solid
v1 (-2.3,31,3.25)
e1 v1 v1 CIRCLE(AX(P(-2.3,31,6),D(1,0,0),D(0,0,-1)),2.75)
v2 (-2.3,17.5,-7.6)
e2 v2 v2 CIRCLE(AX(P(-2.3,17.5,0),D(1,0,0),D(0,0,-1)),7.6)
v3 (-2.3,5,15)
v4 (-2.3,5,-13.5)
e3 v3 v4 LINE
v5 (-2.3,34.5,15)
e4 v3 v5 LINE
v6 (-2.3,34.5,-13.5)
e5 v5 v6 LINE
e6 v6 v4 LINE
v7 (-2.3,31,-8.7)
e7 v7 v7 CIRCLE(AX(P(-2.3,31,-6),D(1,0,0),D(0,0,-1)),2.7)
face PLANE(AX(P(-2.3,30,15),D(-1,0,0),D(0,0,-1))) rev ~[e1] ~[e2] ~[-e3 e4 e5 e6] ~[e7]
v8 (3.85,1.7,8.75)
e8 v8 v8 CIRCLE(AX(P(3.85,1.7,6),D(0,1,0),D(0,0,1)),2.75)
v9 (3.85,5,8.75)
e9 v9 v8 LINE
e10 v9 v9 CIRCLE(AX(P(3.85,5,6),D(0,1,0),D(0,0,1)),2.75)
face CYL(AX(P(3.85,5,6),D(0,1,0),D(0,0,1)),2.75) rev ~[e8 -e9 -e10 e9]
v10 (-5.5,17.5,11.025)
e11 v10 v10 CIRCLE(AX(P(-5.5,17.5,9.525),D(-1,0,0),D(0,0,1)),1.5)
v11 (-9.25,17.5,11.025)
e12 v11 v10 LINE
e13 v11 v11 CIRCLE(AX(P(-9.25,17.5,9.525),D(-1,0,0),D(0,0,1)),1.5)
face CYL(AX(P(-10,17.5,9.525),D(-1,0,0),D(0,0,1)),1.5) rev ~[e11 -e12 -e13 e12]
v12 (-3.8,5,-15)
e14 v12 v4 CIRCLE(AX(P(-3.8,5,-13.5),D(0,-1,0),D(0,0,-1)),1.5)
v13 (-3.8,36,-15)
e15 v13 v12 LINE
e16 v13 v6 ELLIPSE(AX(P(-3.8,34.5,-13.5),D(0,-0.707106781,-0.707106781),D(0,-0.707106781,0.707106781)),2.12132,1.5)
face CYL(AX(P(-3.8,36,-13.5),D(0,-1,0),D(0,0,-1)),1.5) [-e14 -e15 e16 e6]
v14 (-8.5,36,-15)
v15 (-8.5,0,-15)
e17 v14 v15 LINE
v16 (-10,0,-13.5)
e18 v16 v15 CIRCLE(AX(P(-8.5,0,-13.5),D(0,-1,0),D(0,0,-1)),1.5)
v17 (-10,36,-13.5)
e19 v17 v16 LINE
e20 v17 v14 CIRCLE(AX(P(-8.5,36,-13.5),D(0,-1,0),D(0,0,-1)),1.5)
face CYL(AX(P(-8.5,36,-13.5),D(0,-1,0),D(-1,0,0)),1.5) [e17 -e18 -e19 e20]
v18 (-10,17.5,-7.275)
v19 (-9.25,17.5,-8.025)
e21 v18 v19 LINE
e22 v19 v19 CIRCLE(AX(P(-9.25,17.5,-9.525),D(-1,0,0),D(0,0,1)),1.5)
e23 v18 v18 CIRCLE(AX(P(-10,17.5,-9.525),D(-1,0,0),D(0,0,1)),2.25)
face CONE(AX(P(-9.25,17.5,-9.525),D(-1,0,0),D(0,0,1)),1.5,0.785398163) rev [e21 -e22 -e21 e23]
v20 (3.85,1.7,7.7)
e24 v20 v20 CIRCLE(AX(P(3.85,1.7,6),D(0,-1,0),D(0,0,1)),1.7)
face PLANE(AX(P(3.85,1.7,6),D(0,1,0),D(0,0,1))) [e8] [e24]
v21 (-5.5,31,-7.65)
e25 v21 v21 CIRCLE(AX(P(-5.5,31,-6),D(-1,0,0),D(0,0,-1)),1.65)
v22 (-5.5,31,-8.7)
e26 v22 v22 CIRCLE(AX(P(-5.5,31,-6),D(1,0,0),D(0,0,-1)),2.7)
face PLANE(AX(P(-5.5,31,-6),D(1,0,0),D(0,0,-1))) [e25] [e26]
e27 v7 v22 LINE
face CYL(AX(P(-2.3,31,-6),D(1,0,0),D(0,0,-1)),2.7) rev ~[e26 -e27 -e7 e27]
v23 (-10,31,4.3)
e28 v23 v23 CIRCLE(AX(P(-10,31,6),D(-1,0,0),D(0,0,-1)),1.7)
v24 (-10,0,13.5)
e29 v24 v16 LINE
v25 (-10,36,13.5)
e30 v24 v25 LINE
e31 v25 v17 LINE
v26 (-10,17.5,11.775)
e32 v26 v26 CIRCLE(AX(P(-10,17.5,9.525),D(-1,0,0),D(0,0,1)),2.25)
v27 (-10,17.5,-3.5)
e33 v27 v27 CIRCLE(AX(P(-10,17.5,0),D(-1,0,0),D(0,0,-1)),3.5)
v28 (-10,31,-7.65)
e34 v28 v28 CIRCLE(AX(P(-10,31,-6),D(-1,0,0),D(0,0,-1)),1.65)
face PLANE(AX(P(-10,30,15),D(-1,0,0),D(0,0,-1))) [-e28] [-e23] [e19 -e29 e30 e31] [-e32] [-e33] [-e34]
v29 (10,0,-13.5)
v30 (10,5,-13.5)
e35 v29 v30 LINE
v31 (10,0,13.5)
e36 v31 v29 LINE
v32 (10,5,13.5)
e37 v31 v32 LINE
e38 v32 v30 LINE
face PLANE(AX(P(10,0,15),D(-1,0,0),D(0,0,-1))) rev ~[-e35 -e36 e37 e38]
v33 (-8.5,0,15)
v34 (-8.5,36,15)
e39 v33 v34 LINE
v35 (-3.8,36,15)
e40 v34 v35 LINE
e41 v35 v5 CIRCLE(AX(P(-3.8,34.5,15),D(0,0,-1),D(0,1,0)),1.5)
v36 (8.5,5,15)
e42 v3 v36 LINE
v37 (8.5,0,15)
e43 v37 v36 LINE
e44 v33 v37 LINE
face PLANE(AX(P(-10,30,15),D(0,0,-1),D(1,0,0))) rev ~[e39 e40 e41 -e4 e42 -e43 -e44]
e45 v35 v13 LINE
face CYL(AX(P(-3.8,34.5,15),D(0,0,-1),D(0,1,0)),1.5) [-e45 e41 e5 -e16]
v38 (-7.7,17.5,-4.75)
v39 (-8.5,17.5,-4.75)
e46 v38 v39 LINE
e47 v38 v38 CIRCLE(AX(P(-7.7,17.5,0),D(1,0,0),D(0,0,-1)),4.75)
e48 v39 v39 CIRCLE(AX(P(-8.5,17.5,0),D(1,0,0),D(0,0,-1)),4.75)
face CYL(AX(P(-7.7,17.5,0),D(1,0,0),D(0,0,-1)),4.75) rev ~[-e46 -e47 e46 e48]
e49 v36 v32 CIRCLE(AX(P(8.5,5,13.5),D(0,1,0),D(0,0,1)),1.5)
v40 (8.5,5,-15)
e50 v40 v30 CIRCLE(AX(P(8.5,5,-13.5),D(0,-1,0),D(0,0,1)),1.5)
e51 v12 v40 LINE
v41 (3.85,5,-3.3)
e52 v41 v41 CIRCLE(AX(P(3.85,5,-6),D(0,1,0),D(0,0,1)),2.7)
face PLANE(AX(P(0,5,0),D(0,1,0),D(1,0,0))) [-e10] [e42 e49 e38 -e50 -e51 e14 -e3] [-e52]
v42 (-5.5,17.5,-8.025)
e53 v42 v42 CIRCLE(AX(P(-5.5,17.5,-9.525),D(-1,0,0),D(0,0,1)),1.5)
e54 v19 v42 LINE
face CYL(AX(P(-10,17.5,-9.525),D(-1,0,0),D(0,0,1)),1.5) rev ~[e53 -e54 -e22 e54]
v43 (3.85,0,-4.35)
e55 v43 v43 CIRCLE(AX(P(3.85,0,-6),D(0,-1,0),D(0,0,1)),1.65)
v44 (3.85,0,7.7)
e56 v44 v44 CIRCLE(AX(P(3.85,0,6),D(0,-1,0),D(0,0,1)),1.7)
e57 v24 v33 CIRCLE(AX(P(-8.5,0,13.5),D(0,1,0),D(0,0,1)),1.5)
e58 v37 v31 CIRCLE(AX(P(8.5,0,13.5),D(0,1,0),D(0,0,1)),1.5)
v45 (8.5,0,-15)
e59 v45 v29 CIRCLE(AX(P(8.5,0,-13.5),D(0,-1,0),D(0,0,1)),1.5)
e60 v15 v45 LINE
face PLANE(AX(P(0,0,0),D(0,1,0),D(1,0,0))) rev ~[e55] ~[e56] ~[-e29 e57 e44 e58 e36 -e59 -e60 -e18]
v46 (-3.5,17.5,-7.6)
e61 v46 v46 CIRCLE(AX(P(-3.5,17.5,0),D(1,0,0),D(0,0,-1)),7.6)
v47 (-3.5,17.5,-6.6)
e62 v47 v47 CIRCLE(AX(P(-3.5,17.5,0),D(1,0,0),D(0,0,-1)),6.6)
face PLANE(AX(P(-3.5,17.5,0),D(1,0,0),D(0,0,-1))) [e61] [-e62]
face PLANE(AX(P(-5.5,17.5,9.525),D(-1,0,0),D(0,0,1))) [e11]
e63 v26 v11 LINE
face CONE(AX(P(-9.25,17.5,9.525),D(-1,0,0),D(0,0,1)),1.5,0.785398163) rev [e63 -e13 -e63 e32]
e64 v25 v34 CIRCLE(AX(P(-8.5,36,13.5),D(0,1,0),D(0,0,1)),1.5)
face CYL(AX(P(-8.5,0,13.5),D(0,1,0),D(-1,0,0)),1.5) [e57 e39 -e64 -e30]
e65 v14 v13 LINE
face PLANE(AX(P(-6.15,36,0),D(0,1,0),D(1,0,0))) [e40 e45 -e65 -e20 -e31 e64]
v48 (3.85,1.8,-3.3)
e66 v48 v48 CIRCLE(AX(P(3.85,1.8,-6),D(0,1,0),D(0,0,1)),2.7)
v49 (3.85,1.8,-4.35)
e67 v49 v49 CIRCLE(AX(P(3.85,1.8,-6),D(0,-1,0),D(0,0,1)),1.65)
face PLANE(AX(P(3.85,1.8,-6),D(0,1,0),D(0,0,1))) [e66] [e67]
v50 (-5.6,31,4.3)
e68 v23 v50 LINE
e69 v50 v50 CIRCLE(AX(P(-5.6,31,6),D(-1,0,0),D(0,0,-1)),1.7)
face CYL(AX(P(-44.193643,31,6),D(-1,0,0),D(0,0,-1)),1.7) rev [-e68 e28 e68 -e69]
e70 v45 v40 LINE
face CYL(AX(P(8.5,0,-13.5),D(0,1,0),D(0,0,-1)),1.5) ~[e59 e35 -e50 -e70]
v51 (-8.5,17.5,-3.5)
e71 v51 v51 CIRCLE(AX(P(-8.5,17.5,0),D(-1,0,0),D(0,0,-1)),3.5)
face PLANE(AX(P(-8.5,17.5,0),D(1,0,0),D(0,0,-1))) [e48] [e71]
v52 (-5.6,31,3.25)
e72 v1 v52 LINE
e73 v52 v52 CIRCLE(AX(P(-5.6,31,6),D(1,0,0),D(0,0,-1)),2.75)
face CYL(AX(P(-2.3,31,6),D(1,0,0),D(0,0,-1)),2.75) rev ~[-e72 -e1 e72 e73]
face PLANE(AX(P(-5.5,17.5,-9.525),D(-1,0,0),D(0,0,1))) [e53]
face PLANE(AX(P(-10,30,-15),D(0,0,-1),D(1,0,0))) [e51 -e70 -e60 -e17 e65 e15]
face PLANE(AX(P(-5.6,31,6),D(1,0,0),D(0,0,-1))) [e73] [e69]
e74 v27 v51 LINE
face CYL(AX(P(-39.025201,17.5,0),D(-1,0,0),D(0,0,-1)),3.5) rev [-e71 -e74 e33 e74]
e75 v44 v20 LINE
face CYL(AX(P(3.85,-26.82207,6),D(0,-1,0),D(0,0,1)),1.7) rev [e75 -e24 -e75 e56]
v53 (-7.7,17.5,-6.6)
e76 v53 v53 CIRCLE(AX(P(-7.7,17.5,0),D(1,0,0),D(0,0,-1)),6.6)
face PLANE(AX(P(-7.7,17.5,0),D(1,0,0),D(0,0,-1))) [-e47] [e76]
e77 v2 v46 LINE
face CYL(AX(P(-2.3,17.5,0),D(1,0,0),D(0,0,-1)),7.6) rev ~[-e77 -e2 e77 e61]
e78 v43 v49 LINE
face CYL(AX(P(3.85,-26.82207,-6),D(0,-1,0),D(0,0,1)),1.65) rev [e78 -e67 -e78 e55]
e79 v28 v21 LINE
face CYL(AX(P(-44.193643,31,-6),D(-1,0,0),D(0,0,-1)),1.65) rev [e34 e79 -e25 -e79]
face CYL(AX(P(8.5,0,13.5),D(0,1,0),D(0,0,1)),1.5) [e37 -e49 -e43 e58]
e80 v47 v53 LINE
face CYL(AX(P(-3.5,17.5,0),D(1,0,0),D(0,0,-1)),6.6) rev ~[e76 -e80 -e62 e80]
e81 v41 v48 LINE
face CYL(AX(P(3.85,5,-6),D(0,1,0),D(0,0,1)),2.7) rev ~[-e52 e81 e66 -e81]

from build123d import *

# Parameters (mm, degrees)
SKETCH1_W               = 20
SKETCH1_H               = 30
BOSS_EXTRUDE1_DEPTH     = 5
SKETCH2_W               = 7.7
SKETCH2_H               = 30
BOSS_EXTRUDE2_DEPTH     = 25
CUT_EXTRUDE1_DEPTH      = 36.725201189
CUT_EXTRUDE1_DEPTH_BACK = 36.725201189
SKETCH3_R               = 3.5
SKETCH4_R               = 7.6
CUT_EXTRUDE2_DEPTH      = 1.2
SKETCH5_R               = 6.6
CUT_EXTRUDE3_DEPTH      = 4.2
SKETCH6_R               = 4.75
CUT_EXTRUDE4_DEPTH      = 0.8
CUT_EXTRUDE5_DEPTH      = 31.822070015
CUT_EXTRUDE5_DEPTH_BACK = 31.822070015
SKETCH7_R               = 1.65
SKETCH7_R_2             = 1.7
SKETCH8_R               = 2.7
CUT_EXTRUDE6_DEPTH      = 3.2
SKETCH9_R               = 2.75
CUT_EXTRUDE7_DEPTH      = 3.3
SKETCH10_W              = 7.7
SKETCH10_H              = 30
BOSS_EXTRUDE3_DEPTH     = 6
CUT_EXTRUDE8_DEPTH      = 41.893642538
CUT_EXTRUDE8_DEPTH_BACK = 41.893642538
SKETCH11_R              = 1.7
SKETCH11_R_2            = 1.65
SKETCH12_R              = 2.7
CUT_EXTRUDE9_DEPTH      = 3.2
SKETCH13_R              = 2.75
CUT_EXTRUDE10_DEPTH     = 3.3
SKETCH14_R              = 1.5
CUT_EXTRUDE11_DEPTH     = 4.5
CHAMFER1_SIZE           = 0.75
FILLET1_R               = 1.5


with BuildPart() as part:
    # Sketch1 → Boss-Extrude1 (new body)
    with BuildSketch(Plane(origin=(0, 0, 0), x_dir=(1, 0, 0), z_dir=(0, 1, 0))):
        Rectangle(SKETCH1_W, SKETCH1_H)
    extrude(amount=BOSS_EXTRUDE1_DEPTH)

    # Sketch2 → Boss-Extrude2 (add)
    with BuildSketch(Plane(origin=(0, 5, 0), x_dir=(1, 0, 0), z_dir=(0, 1, 0))):
        with Locations((-6.15, 0)):
            Rectangle(SKETCH2_W, SKETCH2_H)
    extrude(amount=BOSS_EXTRUDE2_DEPTH)

    # Sketch3 → Cut-Extrude1 (cut, two sides: drawn at the far end of the back side and taken through both)
    with BuildSketch(Plane(origin=(-2.3, 0, 0), x_dir=(0, 0, -1), z_dir=(1, 0, 0)).offset(-CUT_EXTRUDE1_DEPTH_BACK)):
        with Locations((0, 17.5)):
            Circle(SKETCH3_R)
    extrude(amount=CUT_EXTRUDE1_DEPTH + CUT_EXTRUDE1_DEPTH_BACK, mode=Mode.SUBTRACT)

    # Sketch4 → Cut-Extrude2 (cut)
    with BuildSketch(Plane(origin=(-2.3, 0, 0), x_dir=(0, 0, -1), z_dir=(1, 0, 0))):
        with Locations((0, 17.5)):
            Circle(SKETCH4_R)
    extrude(amount=-CUT_EXTRUDE2_DEPTH, mode=Mode.SUBTRACT)

    # Sketch5 → Cut-Extrude3 (cut)
    with BuildSketch(Plane(origin=(-3.5, 0, 0), x_dir=(0, 0, -1), z_dir=(1, 0, 0))):
        with Locations((0, 17.5)):
            Circle(SKETCH5_R)
    extrude(amount=-CUT_EXTRUDE3_DEPTH, mode=Mode.SUBTRACT)

    # Sketch6 → Cut-Extrude4 (cut)
    with BuildSketch(Plane(origin=(-7.7, 0, 0), x_dir=(0, 0, -1), z_dir=(1, 0, 0))):
        with Locations((0, 17.5)):
            Circle(SKETCH6_R)
    extrude(amount=-CUT_EXTRUDE4_DEPTH, mode=Mode.SUBTRACT)

    # Sketch7 → Cut-Extrude5 (cut, two sides: drawn at the far end of the back side and taken through both)
    with BuildSketch(Plane(origin=(0, 5, 0), x_dir=(1, 0, 0), z_dir=(0, 1, 0)).offset(-CUT_EXTRUDE5_DEPTH_BACK)):
        with Locations(Location((3.85, 6, 0), (0, 0, 270))):
            Circle(SKETCH7_R)
        with Locations(Location((3.85, -6, 0), (0, 0, 270))):
            Circle(SKETCH7_R_2)
    extrude(amount=CUT_EXTRUDE5_DEPTH + CUT_EXTRUDE5_DEPTH_BACK, mode=Mode.SUBTRACT)

    # Sketch8 → Cut-Extrude6 (cut)
    with BuildSketch(Plane(origin=(0, 5, 0), x_dir=(1, 0, 0), z_dir=(0, 1, 0))):
        with Locations(Location((3.85, 6, 0), (0, 0, 270))):
            Circle(SKETCH8_R)
    extrude(amount=-CUT_EXTRUDE6_DEPTH, mode=Mode.SUBTRACT)

    # Sketch9 → Cut-Extrude7 (cut)
    with BuildSketch(Plane(origin=(0, 5, 0), x_dir=(1, 0, 0), z_dir=(0, 1, 0))):
        with Locations(Location((3.85, -6, 0), (0, 0, 270))):
            Circle(SKETCH9_R)
    extrude(amount=-CUT_EXTRUDE7_DEPTH, mode=Mode.SUBTRACT)

    # Sketch10 → Boss-Extrude3 (add)
    with BuildSketch(Plane(origin=(0, 30, 0), x_dir=(1, 0, 0), z_dir=(0, 1, 0))):
        with Locations((-6.15, 0)):
            Rectangle(SKETCH10_W, SKETCH10_H)
    extrude(amount=BOSS_EXTRUDE3_DEPTH)

    # Sketch11 → Cut-Extrude8 (cut, two sides: drawn at the far end of the back side and taken through both)
    with BuildSketch(Plane(origin=(-2.3, 0, 0), x_dir=(0, 0, -1), z_dir=(1, 0, 0)).offset(-CUT_EXTRUDE8_DEPTH_BACK)):
        with Locations((-6, 31)):
            Circle(SKETCH11_R)
        with Locations((6, 31)):
            Circle(SKETCH11_R_2)
    extrude(amount=CUT_EXTRUDE8_DEPTH + CUT_EXTRUDE8_DEPTH_BACK, mode=Mode.SUBTRACT)

    # Sketch12 → Cut-Extrude9 (cut)
    with BuildSketch(Plane(origin=(-2.3, 0, 0), x_dir=(0, 0, -1), z_dir=(1, 0, 0))):
        with Locations((6, 31)):
            Circle(SKETCH12_R)
    extrude(amount=-CUT_EXTRUDE9_DEPTH, mode=Mode.SUBTRACT)

    # Sketch13 → Cut-Extrude10 (cut)
    with BuildSketch(Plane(origin=(-2.3, 0, 0), x_dir=(0, 0, -1), z_dir=(1, 0, 0))):
        with Locations((-6, 31)):
            Circle(SKETCH13_R)
    extrude(amount=-CUT_EXTRUDE10_DEPTH, mode=Mode.SUBTRACT)

    # Sketch14 → Cut-Extrude11 (cut)
    with BuildSketch(Plane.ZY.offset(10)):
        with Locations((-9.525, 17.5)):
            Circle(SKETCH14_R)
        with Locations((9.525, 17.5)):
            Circle(SKETCH14_R)
    extrude(amount=-CUT_EXTRUDE11_DEPTH, mode=Mode.SUBTRACT)

    # Chamfer1
    chamfer1_edges = [part.edges().sort_by_distance(p)[0] for p in [
        (-10, 17.5, -11.025),
        (-10, 17.5, 8.025),
    ]]
    chamfer(chamfer1_edges, length=CHAMFER1_SIZE)

    # Fillet1
    fillet1_edges = [part.edges().sort_by_distance(p)[0] for p in [
        (-2.3, 20.5, -15),
        (10, 2.5, 15),
        (-10, 18, 15),
        (-10, 18, -15),
        (-2.3, 36, 0),
        (10, 2.5, -15),
    ]]
    fillet(fillet1_edges, radius=FILLET1_R)


solid = part.part
